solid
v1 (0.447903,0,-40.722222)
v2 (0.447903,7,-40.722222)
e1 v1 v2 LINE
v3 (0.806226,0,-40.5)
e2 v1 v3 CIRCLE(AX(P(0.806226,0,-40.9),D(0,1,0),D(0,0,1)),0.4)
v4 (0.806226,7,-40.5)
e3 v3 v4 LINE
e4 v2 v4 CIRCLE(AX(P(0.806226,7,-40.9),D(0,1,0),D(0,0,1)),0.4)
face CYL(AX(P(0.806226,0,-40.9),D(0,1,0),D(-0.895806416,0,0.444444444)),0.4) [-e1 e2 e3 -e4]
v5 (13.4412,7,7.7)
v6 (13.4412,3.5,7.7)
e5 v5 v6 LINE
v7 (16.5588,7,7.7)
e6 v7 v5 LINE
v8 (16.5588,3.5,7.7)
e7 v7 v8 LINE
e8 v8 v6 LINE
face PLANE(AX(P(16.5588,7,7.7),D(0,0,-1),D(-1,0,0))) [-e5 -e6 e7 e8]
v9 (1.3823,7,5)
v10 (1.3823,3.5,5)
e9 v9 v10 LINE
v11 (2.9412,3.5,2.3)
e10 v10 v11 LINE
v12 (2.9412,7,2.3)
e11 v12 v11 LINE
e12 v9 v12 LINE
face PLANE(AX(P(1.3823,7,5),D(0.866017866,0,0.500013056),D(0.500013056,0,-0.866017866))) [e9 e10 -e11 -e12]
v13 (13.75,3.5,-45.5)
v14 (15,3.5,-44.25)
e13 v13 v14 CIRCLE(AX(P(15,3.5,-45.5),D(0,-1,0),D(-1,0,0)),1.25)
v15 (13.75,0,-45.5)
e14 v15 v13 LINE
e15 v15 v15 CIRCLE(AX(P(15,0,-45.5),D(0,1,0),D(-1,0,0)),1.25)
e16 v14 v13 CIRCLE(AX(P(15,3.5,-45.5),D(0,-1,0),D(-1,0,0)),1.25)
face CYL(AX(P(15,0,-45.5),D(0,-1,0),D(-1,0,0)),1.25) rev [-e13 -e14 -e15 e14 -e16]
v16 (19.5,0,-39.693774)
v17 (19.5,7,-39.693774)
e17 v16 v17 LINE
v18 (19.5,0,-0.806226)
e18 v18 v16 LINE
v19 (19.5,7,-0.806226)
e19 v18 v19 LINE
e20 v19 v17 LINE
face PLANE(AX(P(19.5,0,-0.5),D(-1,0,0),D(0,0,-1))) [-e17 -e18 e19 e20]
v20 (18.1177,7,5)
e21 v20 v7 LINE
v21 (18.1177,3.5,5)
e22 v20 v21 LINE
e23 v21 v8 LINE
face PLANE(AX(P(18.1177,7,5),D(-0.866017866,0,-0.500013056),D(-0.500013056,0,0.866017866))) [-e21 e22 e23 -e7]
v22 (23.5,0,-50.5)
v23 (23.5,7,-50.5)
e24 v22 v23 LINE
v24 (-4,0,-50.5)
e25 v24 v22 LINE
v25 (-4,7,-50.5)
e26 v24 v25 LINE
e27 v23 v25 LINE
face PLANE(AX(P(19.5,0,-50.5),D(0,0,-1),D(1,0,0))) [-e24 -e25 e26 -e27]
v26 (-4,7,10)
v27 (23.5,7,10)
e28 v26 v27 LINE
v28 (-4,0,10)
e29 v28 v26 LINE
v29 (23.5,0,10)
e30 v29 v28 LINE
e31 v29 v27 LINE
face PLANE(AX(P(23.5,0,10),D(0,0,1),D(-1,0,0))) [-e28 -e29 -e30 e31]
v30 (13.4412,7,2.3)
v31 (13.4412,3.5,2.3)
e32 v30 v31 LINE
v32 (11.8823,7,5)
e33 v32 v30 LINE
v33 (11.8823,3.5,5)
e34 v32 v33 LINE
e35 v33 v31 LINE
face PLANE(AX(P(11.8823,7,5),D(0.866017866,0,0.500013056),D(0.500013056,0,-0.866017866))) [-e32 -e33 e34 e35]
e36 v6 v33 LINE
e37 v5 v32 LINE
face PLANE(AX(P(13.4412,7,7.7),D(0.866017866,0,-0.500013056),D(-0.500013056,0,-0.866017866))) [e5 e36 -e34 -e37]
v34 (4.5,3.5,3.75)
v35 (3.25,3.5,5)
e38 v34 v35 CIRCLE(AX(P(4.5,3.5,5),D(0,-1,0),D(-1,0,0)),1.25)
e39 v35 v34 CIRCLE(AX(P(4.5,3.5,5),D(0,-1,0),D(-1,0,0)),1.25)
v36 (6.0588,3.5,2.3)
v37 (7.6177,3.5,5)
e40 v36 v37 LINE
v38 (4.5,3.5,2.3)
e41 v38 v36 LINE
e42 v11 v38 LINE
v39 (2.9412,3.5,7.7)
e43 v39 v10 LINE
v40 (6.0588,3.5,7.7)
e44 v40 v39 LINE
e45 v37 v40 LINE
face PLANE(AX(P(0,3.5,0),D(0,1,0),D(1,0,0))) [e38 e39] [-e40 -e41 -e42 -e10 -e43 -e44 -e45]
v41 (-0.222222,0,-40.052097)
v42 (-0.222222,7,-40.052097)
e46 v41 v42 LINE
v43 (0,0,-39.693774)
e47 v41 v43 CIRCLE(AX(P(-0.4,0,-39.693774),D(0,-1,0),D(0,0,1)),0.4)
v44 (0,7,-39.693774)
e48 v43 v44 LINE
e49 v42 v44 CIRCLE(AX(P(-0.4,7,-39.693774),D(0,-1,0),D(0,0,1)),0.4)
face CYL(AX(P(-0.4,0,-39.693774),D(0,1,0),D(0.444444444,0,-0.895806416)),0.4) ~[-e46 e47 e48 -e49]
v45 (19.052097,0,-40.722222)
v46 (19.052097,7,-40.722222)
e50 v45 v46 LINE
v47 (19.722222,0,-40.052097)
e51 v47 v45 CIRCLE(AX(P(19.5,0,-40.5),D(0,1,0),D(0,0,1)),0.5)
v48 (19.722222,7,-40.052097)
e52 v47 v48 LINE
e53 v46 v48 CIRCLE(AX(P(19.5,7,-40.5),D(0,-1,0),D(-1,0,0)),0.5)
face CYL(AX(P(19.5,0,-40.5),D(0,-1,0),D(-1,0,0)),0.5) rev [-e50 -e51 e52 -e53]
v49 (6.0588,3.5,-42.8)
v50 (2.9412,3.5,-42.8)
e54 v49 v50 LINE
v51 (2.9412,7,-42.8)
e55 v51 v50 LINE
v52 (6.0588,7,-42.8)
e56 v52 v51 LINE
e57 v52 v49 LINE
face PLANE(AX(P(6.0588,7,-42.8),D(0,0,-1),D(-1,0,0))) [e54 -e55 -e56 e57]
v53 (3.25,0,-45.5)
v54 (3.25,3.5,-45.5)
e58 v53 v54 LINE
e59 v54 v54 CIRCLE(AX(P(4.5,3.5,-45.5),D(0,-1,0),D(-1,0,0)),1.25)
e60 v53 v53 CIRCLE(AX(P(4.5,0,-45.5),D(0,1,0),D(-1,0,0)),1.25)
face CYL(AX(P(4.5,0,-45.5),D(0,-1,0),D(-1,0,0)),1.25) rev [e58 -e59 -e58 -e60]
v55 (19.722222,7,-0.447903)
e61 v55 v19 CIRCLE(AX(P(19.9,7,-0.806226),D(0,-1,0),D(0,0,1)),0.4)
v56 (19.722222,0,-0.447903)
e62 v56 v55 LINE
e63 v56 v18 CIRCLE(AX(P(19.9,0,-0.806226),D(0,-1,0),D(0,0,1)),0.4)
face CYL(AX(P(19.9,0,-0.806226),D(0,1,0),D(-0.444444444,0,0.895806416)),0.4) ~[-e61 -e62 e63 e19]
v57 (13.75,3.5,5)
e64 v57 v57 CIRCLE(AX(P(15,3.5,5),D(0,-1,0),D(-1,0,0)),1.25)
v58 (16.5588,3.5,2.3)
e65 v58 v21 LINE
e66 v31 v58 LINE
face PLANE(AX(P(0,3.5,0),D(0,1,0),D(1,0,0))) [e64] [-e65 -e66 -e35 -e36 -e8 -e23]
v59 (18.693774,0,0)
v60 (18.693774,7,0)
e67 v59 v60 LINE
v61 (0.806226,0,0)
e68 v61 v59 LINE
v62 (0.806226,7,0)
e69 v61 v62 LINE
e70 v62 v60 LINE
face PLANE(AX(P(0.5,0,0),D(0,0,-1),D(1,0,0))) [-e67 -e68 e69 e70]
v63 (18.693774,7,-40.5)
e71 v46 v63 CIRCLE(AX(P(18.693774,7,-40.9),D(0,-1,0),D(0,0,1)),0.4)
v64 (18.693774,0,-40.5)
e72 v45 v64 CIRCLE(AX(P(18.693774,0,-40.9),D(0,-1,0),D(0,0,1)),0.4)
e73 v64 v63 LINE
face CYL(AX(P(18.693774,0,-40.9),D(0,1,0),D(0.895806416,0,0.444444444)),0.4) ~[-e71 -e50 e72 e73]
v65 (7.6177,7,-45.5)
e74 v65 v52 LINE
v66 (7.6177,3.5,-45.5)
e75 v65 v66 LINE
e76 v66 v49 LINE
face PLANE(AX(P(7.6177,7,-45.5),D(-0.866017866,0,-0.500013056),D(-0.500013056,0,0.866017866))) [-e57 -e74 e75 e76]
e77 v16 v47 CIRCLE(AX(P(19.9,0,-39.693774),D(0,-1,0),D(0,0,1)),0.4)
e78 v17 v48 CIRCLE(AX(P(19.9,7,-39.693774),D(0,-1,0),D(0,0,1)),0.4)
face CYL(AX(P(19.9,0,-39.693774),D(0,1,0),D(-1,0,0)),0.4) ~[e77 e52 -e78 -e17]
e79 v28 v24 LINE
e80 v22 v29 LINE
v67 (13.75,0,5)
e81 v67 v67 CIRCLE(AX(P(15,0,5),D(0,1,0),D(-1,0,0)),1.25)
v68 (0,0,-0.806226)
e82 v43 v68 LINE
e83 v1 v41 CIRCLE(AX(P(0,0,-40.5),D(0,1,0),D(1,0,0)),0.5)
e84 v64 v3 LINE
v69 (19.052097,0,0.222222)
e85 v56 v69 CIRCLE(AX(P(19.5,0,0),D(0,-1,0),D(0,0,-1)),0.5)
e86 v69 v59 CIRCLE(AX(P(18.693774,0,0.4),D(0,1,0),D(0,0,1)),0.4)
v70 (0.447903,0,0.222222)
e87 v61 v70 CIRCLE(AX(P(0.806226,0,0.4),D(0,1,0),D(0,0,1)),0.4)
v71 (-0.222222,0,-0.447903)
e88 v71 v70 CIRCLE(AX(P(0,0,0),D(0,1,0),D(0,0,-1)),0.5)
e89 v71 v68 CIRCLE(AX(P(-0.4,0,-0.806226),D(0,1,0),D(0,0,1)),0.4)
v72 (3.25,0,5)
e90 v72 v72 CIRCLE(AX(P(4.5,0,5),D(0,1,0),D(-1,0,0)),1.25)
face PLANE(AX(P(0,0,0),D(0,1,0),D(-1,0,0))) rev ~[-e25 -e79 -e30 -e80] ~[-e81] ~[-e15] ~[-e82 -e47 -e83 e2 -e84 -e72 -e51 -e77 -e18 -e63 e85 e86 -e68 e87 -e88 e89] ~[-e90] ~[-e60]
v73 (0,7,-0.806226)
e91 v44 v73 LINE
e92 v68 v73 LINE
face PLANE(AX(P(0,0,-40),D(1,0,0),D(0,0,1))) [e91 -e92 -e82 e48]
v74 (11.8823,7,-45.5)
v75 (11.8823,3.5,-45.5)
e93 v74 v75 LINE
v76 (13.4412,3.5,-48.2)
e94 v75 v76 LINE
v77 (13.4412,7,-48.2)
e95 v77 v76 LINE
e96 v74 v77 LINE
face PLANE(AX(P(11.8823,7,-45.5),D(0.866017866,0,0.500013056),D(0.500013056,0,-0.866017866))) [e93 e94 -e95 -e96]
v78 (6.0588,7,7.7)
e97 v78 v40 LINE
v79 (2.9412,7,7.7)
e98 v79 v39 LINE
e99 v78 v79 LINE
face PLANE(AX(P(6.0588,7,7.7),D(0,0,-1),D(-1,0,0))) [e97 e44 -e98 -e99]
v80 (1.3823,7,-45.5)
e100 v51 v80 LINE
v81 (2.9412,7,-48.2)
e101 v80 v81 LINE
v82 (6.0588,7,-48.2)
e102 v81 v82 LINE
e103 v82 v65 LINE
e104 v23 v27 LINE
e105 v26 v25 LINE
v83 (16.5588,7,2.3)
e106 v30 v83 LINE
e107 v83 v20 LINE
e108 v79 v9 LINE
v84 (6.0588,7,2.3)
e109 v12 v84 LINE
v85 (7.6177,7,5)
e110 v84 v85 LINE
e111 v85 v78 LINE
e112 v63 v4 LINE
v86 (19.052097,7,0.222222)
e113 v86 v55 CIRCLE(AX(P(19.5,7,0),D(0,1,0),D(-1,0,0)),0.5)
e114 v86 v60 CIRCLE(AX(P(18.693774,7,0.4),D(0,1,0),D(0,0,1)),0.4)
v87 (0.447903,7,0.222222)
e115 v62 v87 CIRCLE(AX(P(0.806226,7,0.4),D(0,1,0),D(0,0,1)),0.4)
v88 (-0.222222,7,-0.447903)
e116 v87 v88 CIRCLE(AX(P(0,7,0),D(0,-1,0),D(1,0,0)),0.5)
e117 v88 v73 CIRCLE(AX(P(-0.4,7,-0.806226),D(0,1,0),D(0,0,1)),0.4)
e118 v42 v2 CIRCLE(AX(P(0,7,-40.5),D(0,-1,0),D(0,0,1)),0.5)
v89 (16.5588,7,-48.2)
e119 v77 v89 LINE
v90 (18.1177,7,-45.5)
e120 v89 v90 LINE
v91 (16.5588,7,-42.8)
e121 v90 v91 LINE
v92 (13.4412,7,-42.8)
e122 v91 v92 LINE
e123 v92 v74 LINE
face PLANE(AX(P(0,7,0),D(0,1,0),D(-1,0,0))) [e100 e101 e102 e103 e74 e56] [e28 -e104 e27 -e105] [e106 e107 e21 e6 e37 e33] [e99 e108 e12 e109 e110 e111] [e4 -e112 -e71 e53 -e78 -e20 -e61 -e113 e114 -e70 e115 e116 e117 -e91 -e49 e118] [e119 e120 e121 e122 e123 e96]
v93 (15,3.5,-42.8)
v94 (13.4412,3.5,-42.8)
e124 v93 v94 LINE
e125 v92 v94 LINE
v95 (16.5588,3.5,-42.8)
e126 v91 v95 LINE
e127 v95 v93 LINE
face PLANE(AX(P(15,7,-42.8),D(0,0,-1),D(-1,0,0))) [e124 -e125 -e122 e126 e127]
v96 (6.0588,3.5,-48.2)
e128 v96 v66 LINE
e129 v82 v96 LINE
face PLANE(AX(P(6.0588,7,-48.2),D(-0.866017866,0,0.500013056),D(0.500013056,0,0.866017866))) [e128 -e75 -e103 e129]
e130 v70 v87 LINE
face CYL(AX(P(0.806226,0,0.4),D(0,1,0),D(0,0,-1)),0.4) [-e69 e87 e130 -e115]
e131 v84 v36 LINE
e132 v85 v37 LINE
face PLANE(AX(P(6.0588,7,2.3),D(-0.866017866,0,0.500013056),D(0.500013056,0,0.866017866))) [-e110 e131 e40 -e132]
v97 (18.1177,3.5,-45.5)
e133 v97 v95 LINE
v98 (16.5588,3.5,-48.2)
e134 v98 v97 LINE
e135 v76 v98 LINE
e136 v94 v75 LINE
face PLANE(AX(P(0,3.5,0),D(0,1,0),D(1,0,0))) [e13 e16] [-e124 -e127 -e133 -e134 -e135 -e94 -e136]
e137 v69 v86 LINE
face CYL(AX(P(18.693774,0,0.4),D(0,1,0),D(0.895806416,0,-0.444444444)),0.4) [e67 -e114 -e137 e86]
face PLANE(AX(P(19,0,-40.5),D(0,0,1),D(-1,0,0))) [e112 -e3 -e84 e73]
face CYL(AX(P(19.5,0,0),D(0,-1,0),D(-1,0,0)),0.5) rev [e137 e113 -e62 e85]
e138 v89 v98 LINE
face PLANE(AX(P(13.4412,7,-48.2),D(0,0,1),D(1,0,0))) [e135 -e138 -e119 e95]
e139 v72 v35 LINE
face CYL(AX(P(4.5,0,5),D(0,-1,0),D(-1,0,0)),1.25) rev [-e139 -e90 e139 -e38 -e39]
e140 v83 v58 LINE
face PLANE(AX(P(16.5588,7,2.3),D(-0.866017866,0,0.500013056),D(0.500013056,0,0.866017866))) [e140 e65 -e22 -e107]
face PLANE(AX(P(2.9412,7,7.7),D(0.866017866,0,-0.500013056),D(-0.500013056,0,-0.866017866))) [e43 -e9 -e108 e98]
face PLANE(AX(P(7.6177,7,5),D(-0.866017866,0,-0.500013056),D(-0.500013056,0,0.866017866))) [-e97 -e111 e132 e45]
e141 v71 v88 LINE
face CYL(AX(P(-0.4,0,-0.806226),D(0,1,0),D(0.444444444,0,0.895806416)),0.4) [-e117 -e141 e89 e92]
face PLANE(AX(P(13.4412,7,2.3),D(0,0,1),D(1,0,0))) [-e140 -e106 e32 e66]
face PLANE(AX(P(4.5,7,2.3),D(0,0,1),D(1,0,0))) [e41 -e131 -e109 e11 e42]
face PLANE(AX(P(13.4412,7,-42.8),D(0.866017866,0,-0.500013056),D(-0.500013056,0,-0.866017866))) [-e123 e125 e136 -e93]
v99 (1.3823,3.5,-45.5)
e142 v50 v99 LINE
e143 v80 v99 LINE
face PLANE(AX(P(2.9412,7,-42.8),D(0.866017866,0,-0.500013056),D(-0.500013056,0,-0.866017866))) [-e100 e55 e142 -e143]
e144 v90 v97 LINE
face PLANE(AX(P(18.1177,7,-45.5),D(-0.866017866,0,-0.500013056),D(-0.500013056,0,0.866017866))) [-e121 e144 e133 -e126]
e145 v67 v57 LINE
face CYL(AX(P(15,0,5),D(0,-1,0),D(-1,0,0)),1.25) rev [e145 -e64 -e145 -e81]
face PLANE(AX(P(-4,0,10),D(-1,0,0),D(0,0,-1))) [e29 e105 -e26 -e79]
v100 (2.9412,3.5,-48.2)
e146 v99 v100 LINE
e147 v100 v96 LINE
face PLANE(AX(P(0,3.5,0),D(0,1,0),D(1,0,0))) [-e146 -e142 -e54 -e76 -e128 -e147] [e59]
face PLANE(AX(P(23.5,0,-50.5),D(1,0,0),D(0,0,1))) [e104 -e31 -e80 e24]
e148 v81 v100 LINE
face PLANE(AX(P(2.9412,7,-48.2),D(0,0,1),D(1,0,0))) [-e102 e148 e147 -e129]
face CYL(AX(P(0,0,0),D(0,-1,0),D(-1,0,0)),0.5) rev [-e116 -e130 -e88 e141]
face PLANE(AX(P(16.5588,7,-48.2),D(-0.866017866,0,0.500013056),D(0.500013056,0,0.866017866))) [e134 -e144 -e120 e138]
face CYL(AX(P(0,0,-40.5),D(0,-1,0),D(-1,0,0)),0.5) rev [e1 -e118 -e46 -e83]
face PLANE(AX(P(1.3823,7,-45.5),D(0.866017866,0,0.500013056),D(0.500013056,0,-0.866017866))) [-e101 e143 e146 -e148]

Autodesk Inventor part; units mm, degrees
ref_plane "YZ Plane" through (0, 0, 0) normal (1, 0, 0) x (0, 1, 0)
ref_plane "XZ Plane" through (0, 0, 0) normal (0, 1, 0) x (-1, 0, 0)
ref_plane "XY Plane" through (0, 0, 0) normal (0, 0, 1) x (1, 0, 0)
sketch "Эскиз1" plane through (0, 0, 0) normal (0, 1, 0) x (-1, 0, 0)
  line L0 (0, 0) -> (-19.5, 0)
  line L1 (-19.5, 0) -> (-19.5, -40.5)
  line L2 (-19.5, -40.5) -> (0, -40.5)
  line L3 (0, -40.5) -> (0, 0)
  line L4 (-19.5, -40.5) -> (-19.5, -45.5)
  line L5 (-19.5, -45.5) -> (-15, -45.5)
  line L6 (0, -45.5) -> (-4.5, -45.5)
  line L7 (-4.5, -45.5) -> (-15, -45.5)
  line L8 (0, -40.5) -> (-19.5, -40.5)
  line L9 (-19.5, -40.5) -> (-19.5, -50.5)
  line L10 (-19.5, -50.5) -> (0, -50.5)
  line L11 (0, -50.5) -> (0, -40.5)
  line L12 (0, 0) -> (-19.5, 0)
  line L13 (-19.5, 0) -> (-19.5, 10)
  line L14 (-19.5, 10) -> (0, 10)
  line L15 (0, 10) -> (0, 0)
  line L16 (0, 5) -> (-4.5, 5)
  line L17 (-4.5, 5) -> (-15, 5)
  line L18 (-15, 5) -> (-19.5, 5)
  line L19 (-19.5, -50.5) -> (-23.5, -50.5)
  line L20 (-23.5, -50.5) -> (-23.5, 10)
  line L21 (-23.5, 10) -> (-19.5, 10)
  line L22 (-19.5, 10) -> (-19.5, -50.5)
  line L23 (0, 10) -> (4, 10)
  line L24 (4, 10) -> (4, -50.5)
  line L25 (4, -50.5) -> (0, -50.5)
  line L26 (0, -50.5) -> (0, 10)
  circle A0 centre (-4.5, -45.5) radius 1.25
  circle A1 centre (-15, -45.5) radius 1.25
  circle A2 centre (-4.5, 5) radius 1.25
  circle A3 centre (-15, 5) radius 1.25
  circle A4 centre (0, -40.5) radius 0.5
  circle A5 centre (-19.5, -40.5) radius 0.5
  circle A6 centre (0, 0) radius 0.5
  circle A7 centre (-19.5, 0) radius 0.5
  point P0 (-19, 0)
  point P1 (-0.5, 0)
  point P2 (0, -0.5)
  point P3 (0, -40)
  point P4 (-0.5, -40.5)
  point P5 (-19, -40.5)
  point P6 (-19.5, -40)
  point P7 (-19.5, -0.5)
  dimension "d0" = 19.5
  dimension "d1" = 40.5
  dimension "d2" = 5
  dimension "d3" = 4.5
  dimension "d4" = 4.5
  dimension "d5" = 10
  dimension "d6" = 10
  dimension "d7" = 4
  dimension "d8" = 4
  dimension "d9" = 2.5
  dimension "d10" = 2.5
  dimension "d11" = 2.5
  dimension "d12" = 2.5
  dimension "d16" = 1
  dimension "d17" = 1
  dimension "d18" = 1
  dimension "d19" = 1
extrude "Выдавливание1" add sketch "Эскиз1" along normal blind 7 contours A7 L13 L18 A3 L17 A2 L16 L15 A6 L0 | A7 L1 A5 L4 L9 L19 L20 L21 L13 | L15 L23 L24 L25 L11 A4 L3 A6 | L13 L14 L15 L16 A2 L17 A3 L18 | L2 A4 L11 L6 A0 L7 A1 L5 L4 A5 | L5 A1 L7 A0 L6 L11 L10 L9
fillet "Сопряжение1" radius 0.4 8 edges at (0, 3.5, -0.5) (0.5, 3.5, 0) (0, 3.5, -40) (0.5, 3.5, -40.5) (19.5, 3.5, -40) (19, 3.5, -40.5) (19.5, 3.5, -0.5) (19, 3.5, 0)
sketch "Эскиз2" plane through (0, 7, 0) normal (0, 1, 0) x (1, 0, 0)
  circle A0 centre (4.5, -5) radius 1.25 projected
  line L0 (4.5, -5) -> (4.5, -2.3)
  circle A1 centre (15, 45.5) radius 1.25 projected
  line L1 (15, 45.5) -> (15, 42.8)
  line L2 (13.4412, 42.8) -> (11.8823, 45.5)
  line L3 (11.8823, 45.5) -> (13.4412, 48.2)
  line L4 (13.4412, 48.2) -> (16.5588, 48.2)
  line L5 (16.5588, 48.2) -> (18.1177, 45.5)
  line L6 (18.1177, 45.5) -> (16.5588, 42.8)
  line L7 (16.5588, 42.8) -> (13.4412, 42.8)
  circle A2 centre (4.5, 45.5) radius 1.25 projected
  line L8 (2.9412, 42.8) -> (1.3823, 45.5)
  line L9 (1.3823, 45.5) -> (2.9412, 48.2)
  line L10 (2.9412, 48.2) -> (6.0588, 48.2)
  line L11 (6.0588, 48.2) -> (7.6177, 45.5)
  line L12 (7.6177, 45.5) -> (6.0588, 42.8)
  line L13 (6.0588, 42.8) -> (2.9412, 42.8)
  line L14 (6.0588, -2.3) -> (7.6177, -5)
  line L15 (7.6177, -5) -> (6.0588, -7.7)
  line L16 (6.0588, -7.7) -> (2.9412, -7.7)
  line L17 (2.9412, -7.7) -> (1.3823, -5)
  line L18 (1.3823, -5) -> (2.9412, -2.3)
  line L19 (2.9412, -2.3) -> (6.0588, -2.3)
  circle A3 centre (15, -5) radius 1.25 projected
  line L20 (16.5588, -2.3) -> (18.1177, -5)
  line L21 (18.1177, -5) -> (16.5588, -7.7)
  line L22 (16.5588, -7.7) -> (13.4412, -7.7)
  line L23 (13.4412, -7.7) -> (11.8823, -5)
  line L24 (11.8823, -5) -> (13.4412, -2.3)
  line L25 (13.4412, -2.3) -> (16.5588, -2.3)
  point P0 (0, 0)
  point P1 (4.5, 42.8)
  point P2 (15, -2.3)
  dimension "d21" = 2.7
  dimension "d22" = 2.7
extrude "Выдавливание2" cut sketch "Эскиз2" against normal blind 3.5 contours A0 | L19 L14 L15 L16 L17 L18 | A1 | L7 L2 L3 L4 L5 L6 | A2 | L8 L9 L10 L11 L12 L13 | A3 | L20 L21 L22 L23 L24 L25
properties part number "vydacha"
